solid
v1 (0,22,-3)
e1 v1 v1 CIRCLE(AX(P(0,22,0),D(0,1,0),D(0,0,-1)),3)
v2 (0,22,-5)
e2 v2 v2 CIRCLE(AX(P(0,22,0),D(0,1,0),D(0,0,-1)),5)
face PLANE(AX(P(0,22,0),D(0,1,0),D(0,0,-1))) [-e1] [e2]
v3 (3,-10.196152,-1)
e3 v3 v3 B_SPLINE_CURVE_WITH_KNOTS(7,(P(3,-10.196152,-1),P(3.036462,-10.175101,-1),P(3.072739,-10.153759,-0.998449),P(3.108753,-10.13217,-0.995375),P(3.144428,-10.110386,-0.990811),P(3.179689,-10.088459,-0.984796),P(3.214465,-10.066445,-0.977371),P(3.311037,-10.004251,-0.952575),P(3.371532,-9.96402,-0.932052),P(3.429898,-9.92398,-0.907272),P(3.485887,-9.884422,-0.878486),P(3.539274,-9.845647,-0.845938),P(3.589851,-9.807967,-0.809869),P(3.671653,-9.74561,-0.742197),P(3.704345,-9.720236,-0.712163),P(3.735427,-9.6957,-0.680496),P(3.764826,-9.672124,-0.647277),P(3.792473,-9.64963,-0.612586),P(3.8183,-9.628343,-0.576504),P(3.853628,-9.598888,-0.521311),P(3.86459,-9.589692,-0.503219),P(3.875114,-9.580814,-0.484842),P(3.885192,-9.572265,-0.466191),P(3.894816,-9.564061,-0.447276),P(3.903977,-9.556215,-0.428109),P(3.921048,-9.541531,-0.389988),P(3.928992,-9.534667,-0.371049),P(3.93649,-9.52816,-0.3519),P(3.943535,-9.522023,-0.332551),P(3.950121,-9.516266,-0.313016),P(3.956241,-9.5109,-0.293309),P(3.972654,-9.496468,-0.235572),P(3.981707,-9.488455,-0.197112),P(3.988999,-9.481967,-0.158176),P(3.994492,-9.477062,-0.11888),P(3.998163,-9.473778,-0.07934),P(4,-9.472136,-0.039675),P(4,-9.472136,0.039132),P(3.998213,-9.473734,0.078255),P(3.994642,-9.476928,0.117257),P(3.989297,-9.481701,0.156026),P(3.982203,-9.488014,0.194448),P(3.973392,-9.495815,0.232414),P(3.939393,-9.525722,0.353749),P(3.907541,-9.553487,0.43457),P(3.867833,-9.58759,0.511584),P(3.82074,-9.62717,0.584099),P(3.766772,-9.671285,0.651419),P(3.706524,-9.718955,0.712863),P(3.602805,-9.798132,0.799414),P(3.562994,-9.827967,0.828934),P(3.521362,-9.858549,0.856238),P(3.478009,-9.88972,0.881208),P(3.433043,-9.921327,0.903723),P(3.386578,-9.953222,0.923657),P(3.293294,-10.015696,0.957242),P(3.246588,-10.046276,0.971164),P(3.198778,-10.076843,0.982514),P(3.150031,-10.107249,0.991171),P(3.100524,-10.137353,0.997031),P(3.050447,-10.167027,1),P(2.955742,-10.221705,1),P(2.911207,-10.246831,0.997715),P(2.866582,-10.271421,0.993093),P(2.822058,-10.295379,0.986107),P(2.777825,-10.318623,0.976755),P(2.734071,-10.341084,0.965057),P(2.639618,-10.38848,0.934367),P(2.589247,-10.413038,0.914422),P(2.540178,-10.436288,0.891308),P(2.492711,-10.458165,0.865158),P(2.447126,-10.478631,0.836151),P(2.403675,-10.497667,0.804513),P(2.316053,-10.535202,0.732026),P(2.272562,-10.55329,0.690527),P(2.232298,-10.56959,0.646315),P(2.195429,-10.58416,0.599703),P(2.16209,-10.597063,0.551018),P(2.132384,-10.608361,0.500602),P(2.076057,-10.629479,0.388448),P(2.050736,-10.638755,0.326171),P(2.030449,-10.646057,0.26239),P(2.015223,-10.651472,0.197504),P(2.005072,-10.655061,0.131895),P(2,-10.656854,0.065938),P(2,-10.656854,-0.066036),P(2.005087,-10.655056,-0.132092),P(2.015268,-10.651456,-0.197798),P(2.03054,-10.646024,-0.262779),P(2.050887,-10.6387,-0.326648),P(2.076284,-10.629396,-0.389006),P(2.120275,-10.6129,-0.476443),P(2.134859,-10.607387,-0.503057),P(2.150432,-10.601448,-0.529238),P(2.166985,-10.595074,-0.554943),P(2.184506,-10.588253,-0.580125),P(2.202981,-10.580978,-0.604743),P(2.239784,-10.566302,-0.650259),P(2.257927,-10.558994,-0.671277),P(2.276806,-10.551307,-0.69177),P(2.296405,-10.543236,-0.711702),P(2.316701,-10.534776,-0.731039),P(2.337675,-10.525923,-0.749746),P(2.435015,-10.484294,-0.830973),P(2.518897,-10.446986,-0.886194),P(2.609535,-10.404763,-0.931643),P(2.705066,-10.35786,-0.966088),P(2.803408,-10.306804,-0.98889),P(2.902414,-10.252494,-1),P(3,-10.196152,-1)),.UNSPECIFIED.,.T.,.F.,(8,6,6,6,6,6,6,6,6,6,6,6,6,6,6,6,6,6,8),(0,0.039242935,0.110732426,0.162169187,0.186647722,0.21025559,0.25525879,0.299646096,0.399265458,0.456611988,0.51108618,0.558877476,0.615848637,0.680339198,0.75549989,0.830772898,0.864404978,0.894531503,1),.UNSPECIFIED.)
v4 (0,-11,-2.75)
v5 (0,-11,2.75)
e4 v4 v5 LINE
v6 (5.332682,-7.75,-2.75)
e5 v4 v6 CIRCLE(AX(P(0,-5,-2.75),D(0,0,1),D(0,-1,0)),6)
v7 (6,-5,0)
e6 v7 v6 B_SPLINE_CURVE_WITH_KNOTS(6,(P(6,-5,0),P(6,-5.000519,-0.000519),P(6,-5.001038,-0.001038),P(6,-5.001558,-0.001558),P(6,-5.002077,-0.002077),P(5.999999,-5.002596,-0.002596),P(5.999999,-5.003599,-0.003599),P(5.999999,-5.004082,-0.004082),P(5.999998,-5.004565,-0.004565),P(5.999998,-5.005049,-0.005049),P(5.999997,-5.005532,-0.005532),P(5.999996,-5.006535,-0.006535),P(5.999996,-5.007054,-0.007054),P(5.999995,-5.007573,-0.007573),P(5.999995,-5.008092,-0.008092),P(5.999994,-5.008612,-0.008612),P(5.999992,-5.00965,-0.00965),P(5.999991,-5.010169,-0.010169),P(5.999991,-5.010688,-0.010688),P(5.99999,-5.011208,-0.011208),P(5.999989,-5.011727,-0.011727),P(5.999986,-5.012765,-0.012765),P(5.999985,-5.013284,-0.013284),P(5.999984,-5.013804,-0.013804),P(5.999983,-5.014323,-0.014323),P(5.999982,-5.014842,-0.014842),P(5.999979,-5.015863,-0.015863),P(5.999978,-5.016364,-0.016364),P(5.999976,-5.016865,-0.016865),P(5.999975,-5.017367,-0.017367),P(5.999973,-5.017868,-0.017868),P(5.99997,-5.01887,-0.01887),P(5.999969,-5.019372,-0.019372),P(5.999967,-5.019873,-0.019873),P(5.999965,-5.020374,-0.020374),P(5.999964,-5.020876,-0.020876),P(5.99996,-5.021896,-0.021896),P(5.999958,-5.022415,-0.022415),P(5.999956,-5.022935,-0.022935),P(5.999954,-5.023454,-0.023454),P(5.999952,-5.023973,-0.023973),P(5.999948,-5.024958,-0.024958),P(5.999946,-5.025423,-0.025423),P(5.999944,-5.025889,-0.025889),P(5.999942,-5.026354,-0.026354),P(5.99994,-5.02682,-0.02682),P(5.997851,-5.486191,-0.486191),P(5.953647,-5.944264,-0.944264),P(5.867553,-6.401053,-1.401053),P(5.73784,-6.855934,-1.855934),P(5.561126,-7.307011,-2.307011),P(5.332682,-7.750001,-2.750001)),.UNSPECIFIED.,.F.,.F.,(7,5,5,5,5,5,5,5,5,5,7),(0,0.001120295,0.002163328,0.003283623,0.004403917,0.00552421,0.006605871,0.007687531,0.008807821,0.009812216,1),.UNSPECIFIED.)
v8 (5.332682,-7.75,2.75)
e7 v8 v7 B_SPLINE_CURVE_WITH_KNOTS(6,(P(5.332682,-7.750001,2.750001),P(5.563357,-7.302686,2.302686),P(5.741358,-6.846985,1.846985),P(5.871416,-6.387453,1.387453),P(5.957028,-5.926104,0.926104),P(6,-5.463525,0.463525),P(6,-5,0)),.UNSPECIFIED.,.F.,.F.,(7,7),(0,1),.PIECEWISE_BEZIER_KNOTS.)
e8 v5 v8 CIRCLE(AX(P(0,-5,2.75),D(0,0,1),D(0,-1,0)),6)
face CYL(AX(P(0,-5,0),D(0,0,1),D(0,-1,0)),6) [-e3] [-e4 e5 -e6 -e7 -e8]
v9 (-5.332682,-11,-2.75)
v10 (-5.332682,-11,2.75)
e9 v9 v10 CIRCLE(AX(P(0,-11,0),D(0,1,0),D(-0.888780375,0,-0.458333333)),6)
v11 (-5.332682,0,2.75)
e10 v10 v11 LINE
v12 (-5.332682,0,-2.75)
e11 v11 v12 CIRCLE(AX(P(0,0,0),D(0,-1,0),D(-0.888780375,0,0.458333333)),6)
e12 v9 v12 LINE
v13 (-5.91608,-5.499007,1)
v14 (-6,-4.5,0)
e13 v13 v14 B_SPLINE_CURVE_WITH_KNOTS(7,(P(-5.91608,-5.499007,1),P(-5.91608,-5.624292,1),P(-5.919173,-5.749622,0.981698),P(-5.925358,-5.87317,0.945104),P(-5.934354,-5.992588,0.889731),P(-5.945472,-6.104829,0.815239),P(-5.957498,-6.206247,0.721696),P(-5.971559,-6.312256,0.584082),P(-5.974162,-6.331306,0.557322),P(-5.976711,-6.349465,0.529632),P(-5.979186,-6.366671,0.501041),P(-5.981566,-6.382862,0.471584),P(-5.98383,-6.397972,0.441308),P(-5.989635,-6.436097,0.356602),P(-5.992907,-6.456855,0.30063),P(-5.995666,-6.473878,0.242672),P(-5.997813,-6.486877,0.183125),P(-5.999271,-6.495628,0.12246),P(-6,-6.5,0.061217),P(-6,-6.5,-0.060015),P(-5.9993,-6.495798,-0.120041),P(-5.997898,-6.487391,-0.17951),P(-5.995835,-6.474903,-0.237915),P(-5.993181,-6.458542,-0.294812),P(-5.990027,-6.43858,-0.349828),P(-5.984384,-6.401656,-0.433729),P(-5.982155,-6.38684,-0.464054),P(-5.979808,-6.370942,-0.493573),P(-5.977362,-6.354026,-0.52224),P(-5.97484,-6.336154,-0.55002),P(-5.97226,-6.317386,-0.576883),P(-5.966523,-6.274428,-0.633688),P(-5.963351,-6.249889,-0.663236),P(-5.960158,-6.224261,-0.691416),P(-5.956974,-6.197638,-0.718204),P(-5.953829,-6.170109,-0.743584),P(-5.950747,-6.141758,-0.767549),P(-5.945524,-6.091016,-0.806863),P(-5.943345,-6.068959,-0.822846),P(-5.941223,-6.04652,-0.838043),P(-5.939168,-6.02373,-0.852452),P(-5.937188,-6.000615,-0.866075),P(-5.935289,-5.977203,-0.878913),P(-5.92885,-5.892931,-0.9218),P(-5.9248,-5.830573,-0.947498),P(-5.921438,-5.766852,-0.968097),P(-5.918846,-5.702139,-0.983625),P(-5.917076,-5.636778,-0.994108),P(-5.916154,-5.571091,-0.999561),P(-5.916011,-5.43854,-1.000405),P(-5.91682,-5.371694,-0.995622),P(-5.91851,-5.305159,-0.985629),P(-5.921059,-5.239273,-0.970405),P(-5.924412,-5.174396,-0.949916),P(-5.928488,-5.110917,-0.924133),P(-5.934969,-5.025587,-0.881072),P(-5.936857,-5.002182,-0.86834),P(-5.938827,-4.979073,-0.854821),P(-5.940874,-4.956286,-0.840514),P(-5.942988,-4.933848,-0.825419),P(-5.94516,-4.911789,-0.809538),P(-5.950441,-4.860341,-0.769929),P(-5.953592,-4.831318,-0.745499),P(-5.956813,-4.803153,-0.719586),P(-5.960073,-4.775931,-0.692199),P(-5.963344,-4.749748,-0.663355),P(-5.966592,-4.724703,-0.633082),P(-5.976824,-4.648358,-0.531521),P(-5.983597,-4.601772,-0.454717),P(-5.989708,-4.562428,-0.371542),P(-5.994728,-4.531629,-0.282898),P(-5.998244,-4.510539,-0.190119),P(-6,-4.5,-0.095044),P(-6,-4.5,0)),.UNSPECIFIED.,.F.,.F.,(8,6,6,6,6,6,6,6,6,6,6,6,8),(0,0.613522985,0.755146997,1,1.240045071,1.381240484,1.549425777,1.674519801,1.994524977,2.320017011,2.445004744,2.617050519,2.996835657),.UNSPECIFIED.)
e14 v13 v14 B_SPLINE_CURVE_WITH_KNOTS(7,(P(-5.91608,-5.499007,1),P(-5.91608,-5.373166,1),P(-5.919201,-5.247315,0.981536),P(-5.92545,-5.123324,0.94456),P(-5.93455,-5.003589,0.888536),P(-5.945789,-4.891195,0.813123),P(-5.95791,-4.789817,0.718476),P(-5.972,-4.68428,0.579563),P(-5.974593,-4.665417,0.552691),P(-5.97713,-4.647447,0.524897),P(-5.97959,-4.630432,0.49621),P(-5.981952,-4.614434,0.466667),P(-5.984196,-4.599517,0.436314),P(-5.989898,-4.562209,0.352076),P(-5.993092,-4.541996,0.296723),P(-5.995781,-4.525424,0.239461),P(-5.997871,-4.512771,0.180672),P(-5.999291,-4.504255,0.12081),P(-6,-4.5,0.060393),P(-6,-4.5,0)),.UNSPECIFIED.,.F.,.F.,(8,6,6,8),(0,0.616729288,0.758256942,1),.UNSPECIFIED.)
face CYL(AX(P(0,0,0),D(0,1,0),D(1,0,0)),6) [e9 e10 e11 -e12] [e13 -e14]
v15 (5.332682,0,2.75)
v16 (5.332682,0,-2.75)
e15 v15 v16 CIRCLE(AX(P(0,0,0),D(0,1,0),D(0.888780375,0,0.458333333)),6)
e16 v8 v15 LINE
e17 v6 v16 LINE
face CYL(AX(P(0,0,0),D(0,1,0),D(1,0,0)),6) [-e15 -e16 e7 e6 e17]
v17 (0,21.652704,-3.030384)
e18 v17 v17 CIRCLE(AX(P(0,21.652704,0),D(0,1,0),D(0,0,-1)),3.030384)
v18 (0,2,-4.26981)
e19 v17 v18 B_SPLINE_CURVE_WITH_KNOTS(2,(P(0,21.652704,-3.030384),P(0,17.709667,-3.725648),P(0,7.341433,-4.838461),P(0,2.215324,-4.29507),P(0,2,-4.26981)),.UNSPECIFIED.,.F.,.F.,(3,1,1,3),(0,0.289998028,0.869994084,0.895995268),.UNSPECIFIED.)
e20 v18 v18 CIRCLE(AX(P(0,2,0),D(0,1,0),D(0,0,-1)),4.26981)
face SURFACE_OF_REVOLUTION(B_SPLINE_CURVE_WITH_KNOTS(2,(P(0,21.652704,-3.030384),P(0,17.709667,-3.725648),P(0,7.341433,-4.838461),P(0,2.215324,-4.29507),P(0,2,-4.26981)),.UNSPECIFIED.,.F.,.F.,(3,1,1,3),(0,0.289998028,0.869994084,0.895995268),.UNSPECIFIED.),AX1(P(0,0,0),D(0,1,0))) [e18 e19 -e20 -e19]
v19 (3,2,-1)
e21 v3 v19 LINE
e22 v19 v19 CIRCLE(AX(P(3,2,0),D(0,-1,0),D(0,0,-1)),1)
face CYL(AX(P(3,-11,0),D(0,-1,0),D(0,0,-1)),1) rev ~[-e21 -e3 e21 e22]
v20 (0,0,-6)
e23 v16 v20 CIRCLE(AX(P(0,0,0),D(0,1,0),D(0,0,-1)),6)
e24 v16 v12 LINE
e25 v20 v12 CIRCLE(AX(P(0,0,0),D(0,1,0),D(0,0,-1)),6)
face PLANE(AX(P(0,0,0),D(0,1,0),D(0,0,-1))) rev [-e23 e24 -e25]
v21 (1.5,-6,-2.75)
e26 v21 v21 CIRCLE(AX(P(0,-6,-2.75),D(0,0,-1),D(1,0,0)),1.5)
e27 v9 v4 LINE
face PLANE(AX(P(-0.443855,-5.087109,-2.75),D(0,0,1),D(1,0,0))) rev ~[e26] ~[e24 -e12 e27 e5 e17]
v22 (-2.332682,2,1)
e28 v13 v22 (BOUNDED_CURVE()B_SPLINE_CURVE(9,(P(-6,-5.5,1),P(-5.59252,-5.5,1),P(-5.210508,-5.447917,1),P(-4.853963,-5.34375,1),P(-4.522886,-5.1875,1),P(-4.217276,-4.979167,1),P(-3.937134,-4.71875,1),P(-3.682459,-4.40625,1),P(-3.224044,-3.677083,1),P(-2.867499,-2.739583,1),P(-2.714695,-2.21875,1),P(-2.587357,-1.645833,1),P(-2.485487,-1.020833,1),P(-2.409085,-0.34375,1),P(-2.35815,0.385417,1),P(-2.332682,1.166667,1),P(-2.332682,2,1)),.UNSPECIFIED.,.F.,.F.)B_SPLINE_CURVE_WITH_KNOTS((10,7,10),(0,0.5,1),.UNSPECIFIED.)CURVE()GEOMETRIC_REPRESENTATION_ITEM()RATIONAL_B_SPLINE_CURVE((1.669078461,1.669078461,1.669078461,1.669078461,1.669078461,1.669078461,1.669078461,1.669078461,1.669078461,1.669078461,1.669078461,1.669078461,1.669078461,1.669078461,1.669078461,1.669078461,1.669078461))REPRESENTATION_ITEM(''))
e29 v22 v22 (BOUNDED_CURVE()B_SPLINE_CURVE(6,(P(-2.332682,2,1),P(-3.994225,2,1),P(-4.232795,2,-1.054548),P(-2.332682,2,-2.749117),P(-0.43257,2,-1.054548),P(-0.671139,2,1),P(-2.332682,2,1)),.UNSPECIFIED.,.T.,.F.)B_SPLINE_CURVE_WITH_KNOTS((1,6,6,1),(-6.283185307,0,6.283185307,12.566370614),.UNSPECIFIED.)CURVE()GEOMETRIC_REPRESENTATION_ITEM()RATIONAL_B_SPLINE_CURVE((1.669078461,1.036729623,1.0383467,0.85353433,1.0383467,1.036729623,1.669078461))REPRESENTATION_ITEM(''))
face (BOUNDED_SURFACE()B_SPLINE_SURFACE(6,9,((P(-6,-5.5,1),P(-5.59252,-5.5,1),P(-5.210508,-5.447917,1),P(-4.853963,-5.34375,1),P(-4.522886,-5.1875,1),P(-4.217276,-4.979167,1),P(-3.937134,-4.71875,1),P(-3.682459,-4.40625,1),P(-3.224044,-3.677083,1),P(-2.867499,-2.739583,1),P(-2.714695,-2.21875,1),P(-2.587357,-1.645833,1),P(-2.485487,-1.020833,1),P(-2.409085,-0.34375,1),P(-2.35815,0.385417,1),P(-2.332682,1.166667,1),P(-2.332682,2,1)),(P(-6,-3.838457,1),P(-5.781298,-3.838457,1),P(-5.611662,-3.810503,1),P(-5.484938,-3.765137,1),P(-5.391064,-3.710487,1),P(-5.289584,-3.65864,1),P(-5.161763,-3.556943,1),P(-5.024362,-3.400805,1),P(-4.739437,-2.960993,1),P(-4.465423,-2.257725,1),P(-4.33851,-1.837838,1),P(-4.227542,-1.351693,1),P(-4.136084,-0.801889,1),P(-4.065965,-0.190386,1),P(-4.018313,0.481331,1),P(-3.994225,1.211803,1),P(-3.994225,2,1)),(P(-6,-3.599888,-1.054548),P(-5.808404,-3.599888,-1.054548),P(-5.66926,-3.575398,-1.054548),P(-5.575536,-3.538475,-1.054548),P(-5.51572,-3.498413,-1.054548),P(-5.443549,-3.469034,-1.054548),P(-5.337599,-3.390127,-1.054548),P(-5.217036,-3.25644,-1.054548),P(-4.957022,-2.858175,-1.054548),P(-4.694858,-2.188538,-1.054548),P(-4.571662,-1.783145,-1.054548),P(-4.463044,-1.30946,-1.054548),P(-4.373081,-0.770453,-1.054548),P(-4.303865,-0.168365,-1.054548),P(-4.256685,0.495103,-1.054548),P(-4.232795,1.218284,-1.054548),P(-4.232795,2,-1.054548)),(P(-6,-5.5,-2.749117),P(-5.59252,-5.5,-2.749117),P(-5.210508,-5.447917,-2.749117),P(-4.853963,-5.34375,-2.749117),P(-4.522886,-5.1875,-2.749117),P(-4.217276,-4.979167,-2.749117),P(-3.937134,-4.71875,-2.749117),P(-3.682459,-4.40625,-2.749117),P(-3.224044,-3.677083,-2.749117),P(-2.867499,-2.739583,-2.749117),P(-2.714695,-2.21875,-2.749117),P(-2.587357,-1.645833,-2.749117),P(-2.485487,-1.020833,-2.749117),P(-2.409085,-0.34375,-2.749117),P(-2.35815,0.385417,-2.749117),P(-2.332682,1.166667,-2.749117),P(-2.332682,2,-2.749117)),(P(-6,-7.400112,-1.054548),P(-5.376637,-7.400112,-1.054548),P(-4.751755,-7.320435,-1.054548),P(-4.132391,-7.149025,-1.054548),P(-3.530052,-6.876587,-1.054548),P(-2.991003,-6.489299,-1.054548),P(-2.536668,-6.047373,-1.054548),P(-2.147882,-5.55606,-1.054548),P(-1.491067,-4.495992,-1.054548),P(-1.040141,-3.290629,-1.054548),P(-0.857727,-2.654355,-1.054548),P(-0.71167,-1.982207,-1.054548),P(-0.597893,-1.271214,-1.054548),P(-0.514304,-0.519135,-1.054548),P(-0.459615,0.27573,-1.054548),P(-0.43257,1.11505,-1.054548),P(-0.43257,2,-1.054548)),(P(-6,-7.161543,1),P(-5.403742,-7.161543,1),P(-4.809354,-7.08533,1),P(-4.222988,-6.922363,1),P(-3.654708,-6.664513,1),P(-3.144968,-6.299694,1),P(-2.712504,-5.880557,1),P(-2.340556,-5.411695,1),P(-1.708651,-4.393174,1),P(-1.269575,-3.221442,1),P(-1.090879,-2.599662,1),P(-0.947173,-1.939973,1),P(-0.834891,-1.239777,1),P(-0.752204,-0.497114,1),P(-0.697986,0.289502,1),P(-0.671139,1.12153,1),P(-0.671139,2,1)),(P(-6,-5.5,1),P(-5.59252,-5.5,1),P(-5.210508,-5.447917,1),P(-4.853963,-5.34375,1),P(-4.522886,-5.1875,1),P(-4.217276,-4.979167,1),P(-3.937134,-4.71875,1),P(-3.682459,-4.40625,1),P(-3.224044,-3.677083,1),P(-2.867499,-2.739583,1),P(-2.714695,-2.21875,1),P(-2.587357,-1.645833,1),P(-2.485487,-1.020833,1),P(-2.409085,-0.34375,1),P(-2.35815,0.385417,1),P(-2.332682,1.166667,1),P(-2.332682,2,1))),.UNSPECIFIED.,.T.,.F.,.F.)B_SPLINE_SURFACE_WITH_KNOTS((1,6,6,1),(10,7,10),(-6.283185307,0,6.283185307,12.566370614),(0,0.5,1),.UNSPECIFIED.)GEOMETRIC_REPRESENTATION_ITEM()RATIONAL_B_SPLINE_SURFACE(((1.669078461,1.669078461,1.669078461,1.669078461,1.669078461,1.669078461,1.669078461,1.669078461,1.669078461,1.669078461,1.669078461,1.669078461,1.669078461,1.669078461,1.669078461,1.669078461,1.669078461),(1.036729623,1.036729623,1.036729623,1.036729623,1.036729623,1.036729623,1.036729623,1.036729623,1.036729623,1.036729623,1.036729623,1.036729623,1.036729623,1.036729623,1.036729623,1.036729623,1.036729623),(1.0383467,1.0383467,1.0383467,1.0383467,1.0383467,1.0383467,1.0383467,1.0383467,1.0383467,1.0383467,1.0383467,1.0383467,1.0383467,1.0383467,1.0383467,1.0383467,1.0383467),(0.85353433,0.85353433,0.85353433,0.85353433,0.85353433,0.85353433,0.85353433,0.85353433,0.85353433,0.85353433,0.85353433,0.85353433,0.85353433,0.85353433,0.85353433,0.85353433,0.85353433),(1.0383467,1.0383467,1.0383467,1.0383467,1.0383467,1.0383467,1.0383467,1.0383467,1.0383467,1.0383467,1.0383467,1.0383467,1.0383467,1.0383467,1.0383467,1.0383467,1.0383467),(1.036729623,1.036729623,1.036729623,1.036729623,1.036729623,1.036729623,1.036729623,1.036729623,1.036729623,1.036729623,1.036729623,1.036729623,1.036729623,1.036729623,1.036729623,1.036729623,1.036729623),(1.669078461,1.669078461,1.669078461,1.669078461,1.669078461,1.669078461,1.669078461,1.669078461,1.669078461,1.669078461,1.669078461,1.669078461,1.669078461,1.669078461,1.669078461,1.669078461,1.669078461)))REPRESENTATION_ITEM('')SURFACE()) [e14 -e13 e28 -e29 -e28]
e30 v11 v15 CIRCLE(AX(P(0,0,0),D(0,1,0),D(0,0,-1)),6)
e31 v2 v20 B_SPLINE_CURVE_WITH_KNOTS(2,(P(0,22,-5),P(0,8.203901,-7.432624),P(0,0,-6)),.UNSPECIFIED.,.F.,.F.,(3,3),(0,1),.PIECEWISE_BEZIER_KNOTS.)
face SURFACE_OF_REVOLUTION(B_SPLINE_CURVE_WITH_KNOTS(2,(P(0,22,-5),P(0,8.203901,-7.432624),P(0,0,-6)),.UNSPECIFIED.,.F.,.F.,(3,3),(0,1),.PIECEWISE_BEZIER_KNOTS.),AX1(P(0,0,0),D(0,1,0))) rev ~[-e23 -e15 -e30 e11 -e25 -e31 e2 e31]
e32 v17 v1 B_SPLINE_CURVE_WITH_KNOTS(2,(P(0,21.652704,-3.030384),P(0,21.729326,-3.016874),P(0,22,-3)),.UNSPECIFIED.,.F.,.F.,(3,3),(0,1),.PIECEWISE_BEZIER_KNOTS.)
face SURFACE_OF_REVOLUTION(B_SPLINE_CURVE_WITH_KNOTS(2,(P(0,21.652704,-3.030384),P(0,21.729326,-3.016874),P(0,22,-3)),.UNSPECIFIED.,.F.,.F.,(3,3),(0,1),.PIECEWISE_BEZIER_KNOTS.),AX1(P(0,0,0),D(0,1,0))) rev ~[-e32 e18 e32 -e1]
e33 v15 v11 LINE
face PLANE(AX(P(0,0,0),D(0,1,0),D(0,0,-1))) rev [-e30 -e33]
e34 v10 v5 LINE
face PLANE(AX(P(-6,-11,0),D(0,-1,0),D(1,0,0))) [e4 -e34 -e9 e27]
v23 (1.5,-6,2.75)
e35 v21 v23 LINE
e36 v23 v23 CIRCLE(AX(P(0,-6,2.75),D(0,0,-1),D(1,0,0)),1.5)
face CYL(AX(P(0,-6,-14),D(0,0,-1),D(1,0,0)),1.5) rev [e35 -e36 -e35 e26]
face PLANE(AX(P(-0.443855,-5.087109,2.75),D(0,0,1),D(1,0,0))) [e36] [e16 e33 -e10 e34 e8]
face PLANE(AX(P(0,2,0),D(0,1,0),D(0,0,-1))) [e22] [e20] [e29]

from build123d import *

# Parameters (mm, degrees)
BOSS_EXTRUDE1_DEPTH     = 2.75
CUT_EXTRUDE5_DEPTH      = 14
CUT_EXTRUDE5_DEPTH_BACK = 14
SKETCH5_R               = 1.5
SKETCH6_OUTSIDE_W       = 22.626
SKETCH6_OUTSIDE_H       = 22.626
SKETCH6_OUTSIDE_R       = 6
CUT_EXTRUDE6_DEPTH      = 24.860169667
SKETCH7_R               = 1
CUT_EXTRUDE7_DEPTH      = 20
SKETCH8_R               = 1


with BuildPart() as part:
    # Sketch1 → Revolve1 (revolve)
    with BuildSketch(Plane(origin=(0, 0, 0), x_dir=(0, 0, -1), z_dir=(1, 0, 0))):
        with BuildLine():
            Line((0, 2), (0, 0))
            Line((0, 0), (6, 0))
            add(Edge.make_bspline(
                [(5, 22), (7.432624423, 8.203901334), (6, 0)],
                knots=[0, 0, 0, 1, 1, 1], degree=2))
            Line((5, 22), (3, 22))
            add(Edge.make_bspline(
                [(3.030384494, 21.652703645), (3.016873864, 21.729326237), (3, 22)],
                knots=[0, 0, 0, 1, 1, 1], degree=2))
            add(Edge.make_bspline(
                [(3.030384494, 21.652703645), (3.725648232, 17.709667047), (4.838461357, 7.341433009), (4.295069583, 2.215324441), (4.269810085, 2)],
                knots=[0, 0, 0, 0.289998028, 0.869994084, 0.895995268, 0.895995268, 0.895995268], degree=2))
            Line((4.269810085, 2), (0, 2))
        make_face()
    revolve(axis=Axis((0, 0, 0), (0, 1, 0)))

    # Sketch3 → Boss-Extrude1 (add, symmetric)
    with BuildSketch(Plane.XY):
        with BuildLine():
            Line((-6, 0), (-6, -11))
            Line((-6, -11), (0, -11))
            ThreePointArc((0, -11), (4.242640687, -9.242640687), (6, -5))
            Line((6, -5), (6, 0))
            Line((6, 0), (-6, 0))
        make_face()
    extrude(amount=BOSS_EXTRUDE1_DEPTH, both=True)

    # Sketch5 → Cut-Extrude5 (cut, two sides: drawn at the far end of the back side and taken through both)
    with BuildSketch(Plane.XY.offset(-CUT_EXTRUDE5_DEPTH_BACK)):
        with Locations((0, -6)):
            Circle(SKETCH5_R)
    extrude(amount=CUT_EXTRUDE5_DEPTH + CUT_EXTRUDE5_DEPTH_BACK, mode=Mode.SUBTRACT)

    # Sketch6 outside → Cut-Extrude6 (cut, through all)
    with BuildSketch(Plane(origin=(0, 0, 0), x_dir=(1, 0, 0), z_dir=(0, 1, 0))):
        Rectangle(SKETCH6_OUTSIDE_W, SKETCH6_OUTSIDE_H)
        Circle(SKETCH6_OUTSIDE_R, mode=Mode.SUBTRACT)
    extrude(amount=-CUT_EXTRUDE6_DEPTH, mode=Mode.SUBTRACT)

    # Sketch7 → Cut-Extrude7 (cut)
    with BuildSketch(Plane.XZ.offset(11)):
        with Locations(Location((3, 0, 0), (0, 0, 270))):
            Circle(SKETCH7_R)
    extrude(amount=-CUT_EXTRUDE7_DEPTH, mode=Mode.SUBTRACT)

    # Cut-Sweep1: sweep along a path in Sketch10
    with BuildLine() as cut_sweep1_path:  # in the path sketch's own coordinates; laid on its plane below (add() does not lay a ready-made edge on the line's plane)
        add(Edge.make_bspline(
            [(-6, -5.5), (-2.332682252, -5.5), (-2.332682252, 2)],
            knots=[0, 0, 0, 1, 1, 1], degree=2))
    # Sketch8 → Cut-Sweep1 (sweep, cut)
    with BuildSketch(Plane.ZY.offset(6)):
        with Locations((0, -5.5)):
            Circle(SKETCH8_R)
    sweep(path=Plane.XY * cut_sweep1_path.line, mode=Mode.SUBTRACT)


solid = part.part
